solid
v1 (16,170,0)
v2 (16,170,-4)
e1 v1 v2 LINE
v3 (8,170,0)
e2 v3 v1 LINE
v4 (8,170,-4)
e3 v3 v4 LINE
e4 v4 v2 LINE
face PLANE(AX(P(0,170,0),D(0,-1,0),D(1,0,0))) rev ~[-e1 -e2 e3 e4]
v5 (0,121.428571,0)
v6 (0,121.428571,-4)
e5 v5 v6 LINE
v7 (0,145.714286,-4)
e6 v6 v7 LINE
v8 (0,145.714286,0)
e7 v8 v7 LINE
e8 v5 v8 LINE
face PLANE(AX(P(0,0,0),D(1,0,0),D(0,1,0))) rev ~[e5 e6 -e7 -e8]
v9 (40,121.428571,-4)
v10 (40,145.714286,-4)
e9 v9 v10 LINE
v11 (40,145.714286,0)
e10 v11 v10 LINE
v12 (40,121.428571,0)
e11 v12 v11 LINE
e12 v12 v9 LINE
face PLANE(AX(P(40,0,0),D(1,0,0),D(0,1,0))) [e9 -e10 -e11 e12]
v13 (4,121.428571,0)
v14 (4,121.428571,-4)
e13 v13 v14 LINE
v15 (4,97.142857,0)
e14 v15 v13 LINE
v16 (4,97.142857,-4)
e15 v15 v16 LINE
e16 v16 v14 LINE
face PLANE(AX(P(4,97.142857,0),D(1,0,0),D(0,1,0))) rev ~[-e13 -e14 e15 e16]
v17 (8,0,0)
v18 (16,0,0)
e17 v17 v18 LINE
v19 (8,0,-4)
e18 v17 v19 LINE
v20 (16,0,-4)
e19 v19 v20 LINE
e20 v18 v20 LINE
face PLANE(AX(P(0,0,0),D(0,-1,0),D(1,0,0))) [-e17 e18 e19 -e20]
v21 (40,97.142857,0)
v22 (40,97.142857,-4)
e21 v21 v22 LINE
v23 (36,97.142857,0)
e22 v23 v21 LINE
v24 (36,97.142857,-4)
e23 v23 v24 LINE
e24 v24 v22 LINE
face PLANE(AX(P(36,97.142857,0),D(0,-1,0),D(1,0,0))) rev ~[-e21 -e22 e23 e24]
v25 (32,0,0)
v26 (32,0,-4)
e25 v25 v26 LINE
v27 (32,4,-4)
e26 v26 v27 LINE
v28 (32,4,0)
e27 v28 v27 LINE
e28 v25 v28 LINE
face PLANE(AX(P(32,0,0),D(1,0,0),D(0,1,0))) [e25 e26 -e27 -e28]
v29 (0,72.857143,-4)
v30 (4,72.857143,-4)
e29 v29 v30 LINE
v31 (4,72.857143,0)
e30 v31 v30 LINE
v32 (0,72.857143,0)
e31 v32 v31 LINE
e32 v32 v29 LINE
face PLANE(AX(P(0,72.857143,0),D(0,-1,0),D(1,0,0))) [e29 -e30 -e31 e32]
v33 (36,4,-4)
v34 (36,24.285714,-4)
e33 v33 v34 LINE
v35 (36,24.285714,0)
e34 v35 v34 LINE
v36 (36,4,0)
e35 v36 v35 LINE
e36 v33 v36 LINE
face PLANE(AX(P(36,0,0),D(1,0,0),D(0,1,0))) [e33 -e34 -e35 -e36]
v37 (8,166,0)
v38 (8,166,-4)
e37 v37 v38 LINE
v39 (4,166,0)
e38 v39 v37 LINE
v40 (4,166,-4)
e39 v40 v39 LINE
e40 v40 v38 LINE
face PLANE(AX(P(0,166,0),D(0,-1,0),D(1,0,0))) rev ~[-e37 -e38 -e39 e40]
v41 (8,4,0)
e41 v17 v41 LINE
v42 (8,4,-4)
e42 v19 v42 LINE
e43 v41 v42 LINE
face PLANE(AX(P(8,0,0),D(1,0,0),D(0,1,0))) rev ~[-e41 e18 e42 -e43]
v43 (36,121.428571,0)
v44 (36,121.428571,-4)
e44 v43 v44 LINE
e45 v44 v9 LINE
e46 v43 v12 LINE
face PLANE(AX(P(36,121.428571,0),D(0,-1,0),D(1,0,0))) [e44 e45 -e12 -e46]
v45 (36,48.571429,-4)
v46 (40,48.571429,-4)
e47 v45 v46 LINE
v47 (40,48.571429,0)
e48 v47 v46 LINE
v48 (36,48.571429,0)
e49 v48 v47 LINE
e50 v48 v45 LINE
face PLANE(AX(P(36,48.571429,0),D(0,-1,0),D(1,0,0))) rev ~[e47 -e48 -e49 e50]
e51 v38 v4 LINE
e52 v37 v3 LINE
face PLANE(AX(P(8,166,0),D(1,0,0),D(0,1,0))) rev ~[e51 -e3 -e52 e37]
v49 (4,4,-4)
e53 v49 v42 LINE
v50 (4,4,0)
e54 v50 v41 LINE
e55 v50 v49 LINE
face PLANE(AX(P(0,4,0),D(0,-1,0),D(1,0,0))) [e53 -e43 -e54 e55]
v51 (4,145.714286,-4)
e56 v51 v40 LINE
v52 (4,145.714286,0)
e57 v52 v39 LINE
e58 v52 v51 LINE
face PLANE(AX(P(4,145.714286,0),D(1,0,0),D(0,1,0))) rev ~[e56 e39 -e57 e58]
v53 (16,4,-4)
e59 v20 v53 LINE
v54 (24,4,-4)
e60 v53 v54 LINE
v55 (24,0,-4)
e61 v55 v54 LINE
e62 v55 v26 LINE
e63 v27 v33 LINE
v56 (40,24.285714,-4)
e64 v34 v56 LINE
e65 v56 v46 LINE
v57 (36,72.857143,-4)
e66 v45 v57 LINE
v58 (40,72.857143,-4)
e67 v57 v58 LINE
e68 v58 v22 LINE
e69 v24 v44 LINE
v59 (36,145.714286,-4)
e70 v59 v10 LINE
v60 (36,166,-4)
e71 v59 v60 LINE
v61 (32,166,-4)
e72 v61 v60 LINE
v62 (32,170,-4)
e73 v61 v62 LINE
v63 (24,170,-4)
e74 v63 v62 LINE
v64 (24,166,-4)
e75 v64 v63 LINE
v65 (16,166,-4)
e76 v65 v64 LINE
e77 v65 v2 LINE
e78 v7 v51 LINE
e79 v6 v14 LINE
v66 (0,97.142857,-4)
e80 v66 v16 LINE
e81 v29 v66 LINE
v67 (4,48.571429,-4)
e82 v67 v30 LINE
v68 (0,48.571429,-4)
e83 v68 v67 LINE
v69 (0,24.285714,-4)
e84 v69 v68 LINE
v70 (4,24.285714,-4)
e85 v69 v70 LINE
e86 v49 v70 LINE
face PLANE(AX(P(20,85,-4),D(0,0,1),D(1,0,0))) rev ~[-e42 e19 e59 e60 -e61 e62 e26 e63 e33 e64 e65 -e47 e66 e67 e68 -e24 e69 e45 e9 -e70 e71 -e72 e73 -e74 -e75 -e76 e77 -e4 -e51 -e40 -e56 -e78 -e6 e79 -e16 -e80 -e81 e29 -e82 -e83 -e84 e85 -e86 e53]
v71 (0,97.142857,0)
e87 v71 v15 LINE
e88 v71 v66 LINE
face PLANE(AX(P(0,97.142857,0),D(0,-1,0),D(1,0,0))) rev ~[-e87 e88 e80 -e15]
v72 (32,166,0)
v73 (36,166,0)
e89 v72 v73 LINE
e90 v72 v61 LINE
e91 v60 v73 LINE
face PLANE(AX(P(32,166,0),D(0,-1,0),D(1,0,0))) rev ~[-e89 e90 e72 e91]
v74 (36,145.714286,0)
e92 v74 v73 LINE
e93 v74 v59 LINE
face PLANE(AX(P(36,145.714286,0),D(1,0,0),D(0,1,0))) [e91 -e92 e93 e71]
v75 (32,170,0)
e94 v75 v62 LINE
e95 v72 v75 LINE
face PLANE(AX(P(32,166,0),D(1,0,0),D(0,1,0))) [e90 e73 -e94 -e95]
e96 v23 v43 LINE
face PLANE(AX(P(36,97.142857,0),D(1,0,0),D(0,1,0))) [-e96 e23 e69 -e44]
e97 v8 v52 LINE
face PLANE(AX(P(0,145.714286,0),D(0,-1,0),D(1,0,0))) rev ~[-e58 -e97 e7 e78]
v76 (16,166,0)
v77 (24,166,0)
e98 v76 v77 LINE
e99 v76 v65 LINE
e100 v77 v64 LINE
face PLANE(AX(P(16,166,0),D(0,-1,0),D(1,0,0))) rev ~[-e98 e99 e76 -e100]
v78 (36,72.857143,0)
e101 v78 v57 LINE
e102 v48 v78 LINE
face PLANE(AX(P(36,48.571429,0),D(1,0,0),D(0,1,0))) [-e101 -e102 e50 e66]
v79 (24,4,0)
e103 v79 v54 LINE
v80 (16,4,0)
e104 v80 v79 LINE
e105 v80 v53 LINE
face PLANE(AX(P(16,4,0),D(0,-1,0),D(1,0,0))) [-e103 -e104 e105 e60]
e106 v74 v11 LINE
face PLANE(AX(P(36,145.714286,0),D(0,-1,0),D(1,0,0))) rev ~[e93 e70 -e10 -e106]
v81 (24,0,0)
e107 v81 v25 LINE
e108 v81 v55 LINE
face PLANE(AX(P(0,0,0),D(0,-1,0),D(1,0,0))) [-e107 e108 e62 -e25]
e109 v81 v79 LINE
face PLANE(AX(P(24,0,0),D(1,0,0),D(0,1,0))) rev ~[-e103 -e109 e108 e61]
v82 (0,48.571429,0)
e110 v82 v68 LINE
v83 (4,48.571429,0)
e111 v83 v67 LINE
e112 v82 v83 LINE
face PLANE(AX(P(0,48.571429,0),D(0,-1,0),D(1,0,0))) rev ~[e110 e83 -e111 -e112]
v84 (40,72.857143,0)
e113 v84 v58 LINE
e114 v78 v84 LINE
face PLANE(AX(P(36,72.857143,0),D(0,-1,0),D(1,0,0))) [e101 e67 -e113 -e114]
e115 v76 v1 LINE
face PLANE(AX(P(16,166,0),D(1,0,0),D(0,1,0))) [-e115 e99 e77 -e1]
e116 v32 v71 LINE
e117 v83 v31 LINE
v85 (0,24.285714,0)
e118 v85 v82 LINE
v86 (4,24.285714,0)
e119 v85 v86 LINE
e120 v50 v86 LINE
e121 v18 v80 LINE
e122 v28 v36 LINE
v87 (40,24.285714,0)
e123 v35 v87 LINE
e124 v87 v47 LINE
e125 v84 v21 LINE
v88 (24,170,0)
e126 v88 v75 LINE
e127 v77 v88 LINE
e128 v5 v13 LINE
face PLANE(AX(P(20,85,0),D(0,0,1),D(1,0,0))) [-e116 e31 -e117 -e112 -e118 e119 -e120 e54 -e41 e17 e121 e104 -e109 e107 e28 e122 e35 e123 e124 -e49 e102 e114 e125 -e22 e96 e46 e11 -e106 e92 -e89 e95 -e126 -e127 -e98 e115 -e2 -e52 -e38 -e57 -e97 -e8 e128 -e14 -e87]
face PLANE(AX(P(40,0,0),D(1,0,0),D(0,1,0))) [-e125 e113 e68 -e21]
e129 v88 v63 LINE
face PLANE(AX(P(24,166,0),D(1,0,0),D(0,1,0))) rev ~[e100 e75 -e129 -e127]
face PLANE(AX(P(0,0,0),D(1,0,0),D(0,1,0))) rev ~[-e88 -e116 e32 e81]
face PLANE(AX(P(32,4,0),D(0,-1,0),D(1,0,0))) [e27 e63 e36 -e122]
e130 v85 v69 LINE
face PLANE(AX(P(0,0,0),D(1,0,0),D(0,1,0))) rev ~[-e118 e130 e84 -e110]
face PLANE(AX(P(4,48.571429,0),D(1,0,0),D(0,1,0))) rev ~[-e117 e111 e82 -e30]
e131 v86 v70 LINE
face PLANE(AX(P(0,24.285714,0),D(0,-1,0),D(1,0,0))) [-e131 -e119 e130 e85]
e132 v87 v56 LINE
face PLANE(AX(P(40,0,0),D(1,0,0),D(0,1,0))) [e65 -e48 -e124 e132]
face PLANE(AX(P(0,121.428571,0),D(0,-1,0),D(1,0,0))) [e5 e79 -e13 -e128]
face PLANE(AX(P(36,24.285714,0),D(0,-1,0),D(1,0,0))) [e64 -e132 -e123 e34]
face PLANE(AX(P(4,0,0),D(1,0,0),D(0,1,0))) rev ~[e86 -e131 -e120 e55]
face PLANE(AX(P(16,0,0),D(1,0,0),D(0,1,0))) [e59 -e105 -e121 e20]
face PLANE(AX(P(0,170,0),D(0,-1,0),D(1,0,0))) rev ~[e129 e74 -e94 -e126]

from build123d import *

# Parameters (mm, degrees)
BUITENAFMETING_RECHTHOEK_W  = 40
BUITENAFMETING_RECHTHOEK_H  = 170
PLAAT_DEPTH                 = 4
TAND_HOR_W                  = 8
TAND_HOR_H                  = 4
TAND_BOVEN_DEPTH            = 5
TANDEN_PATROON_BOVEN_COUNT  = 3
TANDEN_PATROON_BOVEN_PITCH  = 16
TAND_VER_W                  = 4
TAND_VER_H                  = 24.285714286
TAND_LINKS_DEPTH            = 5
TANDEN_PATROON_LINKS_COUNT  = 4
TANDEN_PATROON_LINKS_PITCH  = 48.571428571
TAND_O_W                    = 8
TAND_O_H                    = 4
TAND_ONDER_DEPTH            = 5
TANDEN_PATROON_ONDER_COUNT  = 3
TANDEN_PATROON_ONDER_PITCH  = 16
TAND_R_W                    = 4
TAND_R_H                    = 24.285714286
TAND_RECHTS_DEPTH           = 5
TANDEN_PATROON_RECHTS_COUNT = 4
TANDEN_PATROON_RECHTS_PITCH = 48.571428571


with BuildPart() as part:
    # Buitenafmeting Rechthoek → Plaat (new body)
    with BuildSketch(Plane.XY):
        with Locations((20, 85)):
            Rectangle(BUITENAFMETING_RECHTHOEK_W, BUITENAFMETING_RECHTHOEK_H)
    extrude(amount=-PLAAT_DEPTH)

    # Tand Hor → Tand Boven (cut, through all)
    with BuildSketch(Plane.XY):
        with Locations((4, 168)):
            Rectangle(TAND_HOR_W, TAND_HOR_H)
    tand_boven = extrude(amount=-TAND_BOVEN_DEPTH, mode=Mode.SUBTRACT)

    # Tanden Patroon Boven: Tand Boven ×3
    with Locations(*[(i * TANDEN_PATROON_BOVEN_PITCH, 0, 0) for i in range(1, TANDEN_PATROON_BOVEN_COUNT)]):
        add(tand_boven, mode=Mode.SUBTRACT)

    # Tand Ver → Tand Links (cut, through all)
    with BuildSketch(Plane.XY):
        with Locations((2, 157.857142857)):
            Rectangle(TAND_VER_W, TAND_VER_H)
    tand_links = extrude(amount=-TAND_LINKS_DEPTH, mode=Mode.SUBTRACT)

    # Tanden Patroon Links: Tand Links ×4
    with Locations(*[(0, -i * TANDEN_PATROON_LINKS_PITCH, 0) for i in range(1, TANDEN_PATROON_LINKS_COUNT)]):
        add(tand_links, mode=Mode.SUBTRACT)

    # Tand O → Tand Onder (cut, through all)
    with BuildSketch(Plane.XY):
        with Locations((4, 2)):
            Rectangle(TAND_O_W, TAND_O_H)
    tand_onder = extrude(amount=-TAND_ONDER_DEPTH, mode=Mode.SUBTRACT)

    # Tanden Patroon Onder: Tand Onder ×3
    with Locations(*[(i * TANDEN_PATROON_ONDER_PITCH, 0, 0) for i in range(1, TANDEN_PATROON_ONDER_COUNT)]):
        add(tand_onder, mode=Mode.SUBTRACT)

    # Tand R → Tand Rechts (cut, through all)
    with BuildSketch(Plane.XY):
        with Locations((38, 157.857142857)):
            Rectangle(TAND_R_W, TAND_R_H)
    tand_rechts = extrude(amount=-TAND_RECHTS_DEPTH, mode=Mode.SUBTRACT)

    # Tanden Patroon Rechts: Tand Rechts ×4
    with Locations(*[(0, -i * TANDEN_PATROON_RECHTS_PITCH, 0) for i in range(1, TANDEN_PATROON_RECHTS_COUNT)]):
        add(tand_rechts, mode=Mode.SUBTRACT)


solid = part.part
